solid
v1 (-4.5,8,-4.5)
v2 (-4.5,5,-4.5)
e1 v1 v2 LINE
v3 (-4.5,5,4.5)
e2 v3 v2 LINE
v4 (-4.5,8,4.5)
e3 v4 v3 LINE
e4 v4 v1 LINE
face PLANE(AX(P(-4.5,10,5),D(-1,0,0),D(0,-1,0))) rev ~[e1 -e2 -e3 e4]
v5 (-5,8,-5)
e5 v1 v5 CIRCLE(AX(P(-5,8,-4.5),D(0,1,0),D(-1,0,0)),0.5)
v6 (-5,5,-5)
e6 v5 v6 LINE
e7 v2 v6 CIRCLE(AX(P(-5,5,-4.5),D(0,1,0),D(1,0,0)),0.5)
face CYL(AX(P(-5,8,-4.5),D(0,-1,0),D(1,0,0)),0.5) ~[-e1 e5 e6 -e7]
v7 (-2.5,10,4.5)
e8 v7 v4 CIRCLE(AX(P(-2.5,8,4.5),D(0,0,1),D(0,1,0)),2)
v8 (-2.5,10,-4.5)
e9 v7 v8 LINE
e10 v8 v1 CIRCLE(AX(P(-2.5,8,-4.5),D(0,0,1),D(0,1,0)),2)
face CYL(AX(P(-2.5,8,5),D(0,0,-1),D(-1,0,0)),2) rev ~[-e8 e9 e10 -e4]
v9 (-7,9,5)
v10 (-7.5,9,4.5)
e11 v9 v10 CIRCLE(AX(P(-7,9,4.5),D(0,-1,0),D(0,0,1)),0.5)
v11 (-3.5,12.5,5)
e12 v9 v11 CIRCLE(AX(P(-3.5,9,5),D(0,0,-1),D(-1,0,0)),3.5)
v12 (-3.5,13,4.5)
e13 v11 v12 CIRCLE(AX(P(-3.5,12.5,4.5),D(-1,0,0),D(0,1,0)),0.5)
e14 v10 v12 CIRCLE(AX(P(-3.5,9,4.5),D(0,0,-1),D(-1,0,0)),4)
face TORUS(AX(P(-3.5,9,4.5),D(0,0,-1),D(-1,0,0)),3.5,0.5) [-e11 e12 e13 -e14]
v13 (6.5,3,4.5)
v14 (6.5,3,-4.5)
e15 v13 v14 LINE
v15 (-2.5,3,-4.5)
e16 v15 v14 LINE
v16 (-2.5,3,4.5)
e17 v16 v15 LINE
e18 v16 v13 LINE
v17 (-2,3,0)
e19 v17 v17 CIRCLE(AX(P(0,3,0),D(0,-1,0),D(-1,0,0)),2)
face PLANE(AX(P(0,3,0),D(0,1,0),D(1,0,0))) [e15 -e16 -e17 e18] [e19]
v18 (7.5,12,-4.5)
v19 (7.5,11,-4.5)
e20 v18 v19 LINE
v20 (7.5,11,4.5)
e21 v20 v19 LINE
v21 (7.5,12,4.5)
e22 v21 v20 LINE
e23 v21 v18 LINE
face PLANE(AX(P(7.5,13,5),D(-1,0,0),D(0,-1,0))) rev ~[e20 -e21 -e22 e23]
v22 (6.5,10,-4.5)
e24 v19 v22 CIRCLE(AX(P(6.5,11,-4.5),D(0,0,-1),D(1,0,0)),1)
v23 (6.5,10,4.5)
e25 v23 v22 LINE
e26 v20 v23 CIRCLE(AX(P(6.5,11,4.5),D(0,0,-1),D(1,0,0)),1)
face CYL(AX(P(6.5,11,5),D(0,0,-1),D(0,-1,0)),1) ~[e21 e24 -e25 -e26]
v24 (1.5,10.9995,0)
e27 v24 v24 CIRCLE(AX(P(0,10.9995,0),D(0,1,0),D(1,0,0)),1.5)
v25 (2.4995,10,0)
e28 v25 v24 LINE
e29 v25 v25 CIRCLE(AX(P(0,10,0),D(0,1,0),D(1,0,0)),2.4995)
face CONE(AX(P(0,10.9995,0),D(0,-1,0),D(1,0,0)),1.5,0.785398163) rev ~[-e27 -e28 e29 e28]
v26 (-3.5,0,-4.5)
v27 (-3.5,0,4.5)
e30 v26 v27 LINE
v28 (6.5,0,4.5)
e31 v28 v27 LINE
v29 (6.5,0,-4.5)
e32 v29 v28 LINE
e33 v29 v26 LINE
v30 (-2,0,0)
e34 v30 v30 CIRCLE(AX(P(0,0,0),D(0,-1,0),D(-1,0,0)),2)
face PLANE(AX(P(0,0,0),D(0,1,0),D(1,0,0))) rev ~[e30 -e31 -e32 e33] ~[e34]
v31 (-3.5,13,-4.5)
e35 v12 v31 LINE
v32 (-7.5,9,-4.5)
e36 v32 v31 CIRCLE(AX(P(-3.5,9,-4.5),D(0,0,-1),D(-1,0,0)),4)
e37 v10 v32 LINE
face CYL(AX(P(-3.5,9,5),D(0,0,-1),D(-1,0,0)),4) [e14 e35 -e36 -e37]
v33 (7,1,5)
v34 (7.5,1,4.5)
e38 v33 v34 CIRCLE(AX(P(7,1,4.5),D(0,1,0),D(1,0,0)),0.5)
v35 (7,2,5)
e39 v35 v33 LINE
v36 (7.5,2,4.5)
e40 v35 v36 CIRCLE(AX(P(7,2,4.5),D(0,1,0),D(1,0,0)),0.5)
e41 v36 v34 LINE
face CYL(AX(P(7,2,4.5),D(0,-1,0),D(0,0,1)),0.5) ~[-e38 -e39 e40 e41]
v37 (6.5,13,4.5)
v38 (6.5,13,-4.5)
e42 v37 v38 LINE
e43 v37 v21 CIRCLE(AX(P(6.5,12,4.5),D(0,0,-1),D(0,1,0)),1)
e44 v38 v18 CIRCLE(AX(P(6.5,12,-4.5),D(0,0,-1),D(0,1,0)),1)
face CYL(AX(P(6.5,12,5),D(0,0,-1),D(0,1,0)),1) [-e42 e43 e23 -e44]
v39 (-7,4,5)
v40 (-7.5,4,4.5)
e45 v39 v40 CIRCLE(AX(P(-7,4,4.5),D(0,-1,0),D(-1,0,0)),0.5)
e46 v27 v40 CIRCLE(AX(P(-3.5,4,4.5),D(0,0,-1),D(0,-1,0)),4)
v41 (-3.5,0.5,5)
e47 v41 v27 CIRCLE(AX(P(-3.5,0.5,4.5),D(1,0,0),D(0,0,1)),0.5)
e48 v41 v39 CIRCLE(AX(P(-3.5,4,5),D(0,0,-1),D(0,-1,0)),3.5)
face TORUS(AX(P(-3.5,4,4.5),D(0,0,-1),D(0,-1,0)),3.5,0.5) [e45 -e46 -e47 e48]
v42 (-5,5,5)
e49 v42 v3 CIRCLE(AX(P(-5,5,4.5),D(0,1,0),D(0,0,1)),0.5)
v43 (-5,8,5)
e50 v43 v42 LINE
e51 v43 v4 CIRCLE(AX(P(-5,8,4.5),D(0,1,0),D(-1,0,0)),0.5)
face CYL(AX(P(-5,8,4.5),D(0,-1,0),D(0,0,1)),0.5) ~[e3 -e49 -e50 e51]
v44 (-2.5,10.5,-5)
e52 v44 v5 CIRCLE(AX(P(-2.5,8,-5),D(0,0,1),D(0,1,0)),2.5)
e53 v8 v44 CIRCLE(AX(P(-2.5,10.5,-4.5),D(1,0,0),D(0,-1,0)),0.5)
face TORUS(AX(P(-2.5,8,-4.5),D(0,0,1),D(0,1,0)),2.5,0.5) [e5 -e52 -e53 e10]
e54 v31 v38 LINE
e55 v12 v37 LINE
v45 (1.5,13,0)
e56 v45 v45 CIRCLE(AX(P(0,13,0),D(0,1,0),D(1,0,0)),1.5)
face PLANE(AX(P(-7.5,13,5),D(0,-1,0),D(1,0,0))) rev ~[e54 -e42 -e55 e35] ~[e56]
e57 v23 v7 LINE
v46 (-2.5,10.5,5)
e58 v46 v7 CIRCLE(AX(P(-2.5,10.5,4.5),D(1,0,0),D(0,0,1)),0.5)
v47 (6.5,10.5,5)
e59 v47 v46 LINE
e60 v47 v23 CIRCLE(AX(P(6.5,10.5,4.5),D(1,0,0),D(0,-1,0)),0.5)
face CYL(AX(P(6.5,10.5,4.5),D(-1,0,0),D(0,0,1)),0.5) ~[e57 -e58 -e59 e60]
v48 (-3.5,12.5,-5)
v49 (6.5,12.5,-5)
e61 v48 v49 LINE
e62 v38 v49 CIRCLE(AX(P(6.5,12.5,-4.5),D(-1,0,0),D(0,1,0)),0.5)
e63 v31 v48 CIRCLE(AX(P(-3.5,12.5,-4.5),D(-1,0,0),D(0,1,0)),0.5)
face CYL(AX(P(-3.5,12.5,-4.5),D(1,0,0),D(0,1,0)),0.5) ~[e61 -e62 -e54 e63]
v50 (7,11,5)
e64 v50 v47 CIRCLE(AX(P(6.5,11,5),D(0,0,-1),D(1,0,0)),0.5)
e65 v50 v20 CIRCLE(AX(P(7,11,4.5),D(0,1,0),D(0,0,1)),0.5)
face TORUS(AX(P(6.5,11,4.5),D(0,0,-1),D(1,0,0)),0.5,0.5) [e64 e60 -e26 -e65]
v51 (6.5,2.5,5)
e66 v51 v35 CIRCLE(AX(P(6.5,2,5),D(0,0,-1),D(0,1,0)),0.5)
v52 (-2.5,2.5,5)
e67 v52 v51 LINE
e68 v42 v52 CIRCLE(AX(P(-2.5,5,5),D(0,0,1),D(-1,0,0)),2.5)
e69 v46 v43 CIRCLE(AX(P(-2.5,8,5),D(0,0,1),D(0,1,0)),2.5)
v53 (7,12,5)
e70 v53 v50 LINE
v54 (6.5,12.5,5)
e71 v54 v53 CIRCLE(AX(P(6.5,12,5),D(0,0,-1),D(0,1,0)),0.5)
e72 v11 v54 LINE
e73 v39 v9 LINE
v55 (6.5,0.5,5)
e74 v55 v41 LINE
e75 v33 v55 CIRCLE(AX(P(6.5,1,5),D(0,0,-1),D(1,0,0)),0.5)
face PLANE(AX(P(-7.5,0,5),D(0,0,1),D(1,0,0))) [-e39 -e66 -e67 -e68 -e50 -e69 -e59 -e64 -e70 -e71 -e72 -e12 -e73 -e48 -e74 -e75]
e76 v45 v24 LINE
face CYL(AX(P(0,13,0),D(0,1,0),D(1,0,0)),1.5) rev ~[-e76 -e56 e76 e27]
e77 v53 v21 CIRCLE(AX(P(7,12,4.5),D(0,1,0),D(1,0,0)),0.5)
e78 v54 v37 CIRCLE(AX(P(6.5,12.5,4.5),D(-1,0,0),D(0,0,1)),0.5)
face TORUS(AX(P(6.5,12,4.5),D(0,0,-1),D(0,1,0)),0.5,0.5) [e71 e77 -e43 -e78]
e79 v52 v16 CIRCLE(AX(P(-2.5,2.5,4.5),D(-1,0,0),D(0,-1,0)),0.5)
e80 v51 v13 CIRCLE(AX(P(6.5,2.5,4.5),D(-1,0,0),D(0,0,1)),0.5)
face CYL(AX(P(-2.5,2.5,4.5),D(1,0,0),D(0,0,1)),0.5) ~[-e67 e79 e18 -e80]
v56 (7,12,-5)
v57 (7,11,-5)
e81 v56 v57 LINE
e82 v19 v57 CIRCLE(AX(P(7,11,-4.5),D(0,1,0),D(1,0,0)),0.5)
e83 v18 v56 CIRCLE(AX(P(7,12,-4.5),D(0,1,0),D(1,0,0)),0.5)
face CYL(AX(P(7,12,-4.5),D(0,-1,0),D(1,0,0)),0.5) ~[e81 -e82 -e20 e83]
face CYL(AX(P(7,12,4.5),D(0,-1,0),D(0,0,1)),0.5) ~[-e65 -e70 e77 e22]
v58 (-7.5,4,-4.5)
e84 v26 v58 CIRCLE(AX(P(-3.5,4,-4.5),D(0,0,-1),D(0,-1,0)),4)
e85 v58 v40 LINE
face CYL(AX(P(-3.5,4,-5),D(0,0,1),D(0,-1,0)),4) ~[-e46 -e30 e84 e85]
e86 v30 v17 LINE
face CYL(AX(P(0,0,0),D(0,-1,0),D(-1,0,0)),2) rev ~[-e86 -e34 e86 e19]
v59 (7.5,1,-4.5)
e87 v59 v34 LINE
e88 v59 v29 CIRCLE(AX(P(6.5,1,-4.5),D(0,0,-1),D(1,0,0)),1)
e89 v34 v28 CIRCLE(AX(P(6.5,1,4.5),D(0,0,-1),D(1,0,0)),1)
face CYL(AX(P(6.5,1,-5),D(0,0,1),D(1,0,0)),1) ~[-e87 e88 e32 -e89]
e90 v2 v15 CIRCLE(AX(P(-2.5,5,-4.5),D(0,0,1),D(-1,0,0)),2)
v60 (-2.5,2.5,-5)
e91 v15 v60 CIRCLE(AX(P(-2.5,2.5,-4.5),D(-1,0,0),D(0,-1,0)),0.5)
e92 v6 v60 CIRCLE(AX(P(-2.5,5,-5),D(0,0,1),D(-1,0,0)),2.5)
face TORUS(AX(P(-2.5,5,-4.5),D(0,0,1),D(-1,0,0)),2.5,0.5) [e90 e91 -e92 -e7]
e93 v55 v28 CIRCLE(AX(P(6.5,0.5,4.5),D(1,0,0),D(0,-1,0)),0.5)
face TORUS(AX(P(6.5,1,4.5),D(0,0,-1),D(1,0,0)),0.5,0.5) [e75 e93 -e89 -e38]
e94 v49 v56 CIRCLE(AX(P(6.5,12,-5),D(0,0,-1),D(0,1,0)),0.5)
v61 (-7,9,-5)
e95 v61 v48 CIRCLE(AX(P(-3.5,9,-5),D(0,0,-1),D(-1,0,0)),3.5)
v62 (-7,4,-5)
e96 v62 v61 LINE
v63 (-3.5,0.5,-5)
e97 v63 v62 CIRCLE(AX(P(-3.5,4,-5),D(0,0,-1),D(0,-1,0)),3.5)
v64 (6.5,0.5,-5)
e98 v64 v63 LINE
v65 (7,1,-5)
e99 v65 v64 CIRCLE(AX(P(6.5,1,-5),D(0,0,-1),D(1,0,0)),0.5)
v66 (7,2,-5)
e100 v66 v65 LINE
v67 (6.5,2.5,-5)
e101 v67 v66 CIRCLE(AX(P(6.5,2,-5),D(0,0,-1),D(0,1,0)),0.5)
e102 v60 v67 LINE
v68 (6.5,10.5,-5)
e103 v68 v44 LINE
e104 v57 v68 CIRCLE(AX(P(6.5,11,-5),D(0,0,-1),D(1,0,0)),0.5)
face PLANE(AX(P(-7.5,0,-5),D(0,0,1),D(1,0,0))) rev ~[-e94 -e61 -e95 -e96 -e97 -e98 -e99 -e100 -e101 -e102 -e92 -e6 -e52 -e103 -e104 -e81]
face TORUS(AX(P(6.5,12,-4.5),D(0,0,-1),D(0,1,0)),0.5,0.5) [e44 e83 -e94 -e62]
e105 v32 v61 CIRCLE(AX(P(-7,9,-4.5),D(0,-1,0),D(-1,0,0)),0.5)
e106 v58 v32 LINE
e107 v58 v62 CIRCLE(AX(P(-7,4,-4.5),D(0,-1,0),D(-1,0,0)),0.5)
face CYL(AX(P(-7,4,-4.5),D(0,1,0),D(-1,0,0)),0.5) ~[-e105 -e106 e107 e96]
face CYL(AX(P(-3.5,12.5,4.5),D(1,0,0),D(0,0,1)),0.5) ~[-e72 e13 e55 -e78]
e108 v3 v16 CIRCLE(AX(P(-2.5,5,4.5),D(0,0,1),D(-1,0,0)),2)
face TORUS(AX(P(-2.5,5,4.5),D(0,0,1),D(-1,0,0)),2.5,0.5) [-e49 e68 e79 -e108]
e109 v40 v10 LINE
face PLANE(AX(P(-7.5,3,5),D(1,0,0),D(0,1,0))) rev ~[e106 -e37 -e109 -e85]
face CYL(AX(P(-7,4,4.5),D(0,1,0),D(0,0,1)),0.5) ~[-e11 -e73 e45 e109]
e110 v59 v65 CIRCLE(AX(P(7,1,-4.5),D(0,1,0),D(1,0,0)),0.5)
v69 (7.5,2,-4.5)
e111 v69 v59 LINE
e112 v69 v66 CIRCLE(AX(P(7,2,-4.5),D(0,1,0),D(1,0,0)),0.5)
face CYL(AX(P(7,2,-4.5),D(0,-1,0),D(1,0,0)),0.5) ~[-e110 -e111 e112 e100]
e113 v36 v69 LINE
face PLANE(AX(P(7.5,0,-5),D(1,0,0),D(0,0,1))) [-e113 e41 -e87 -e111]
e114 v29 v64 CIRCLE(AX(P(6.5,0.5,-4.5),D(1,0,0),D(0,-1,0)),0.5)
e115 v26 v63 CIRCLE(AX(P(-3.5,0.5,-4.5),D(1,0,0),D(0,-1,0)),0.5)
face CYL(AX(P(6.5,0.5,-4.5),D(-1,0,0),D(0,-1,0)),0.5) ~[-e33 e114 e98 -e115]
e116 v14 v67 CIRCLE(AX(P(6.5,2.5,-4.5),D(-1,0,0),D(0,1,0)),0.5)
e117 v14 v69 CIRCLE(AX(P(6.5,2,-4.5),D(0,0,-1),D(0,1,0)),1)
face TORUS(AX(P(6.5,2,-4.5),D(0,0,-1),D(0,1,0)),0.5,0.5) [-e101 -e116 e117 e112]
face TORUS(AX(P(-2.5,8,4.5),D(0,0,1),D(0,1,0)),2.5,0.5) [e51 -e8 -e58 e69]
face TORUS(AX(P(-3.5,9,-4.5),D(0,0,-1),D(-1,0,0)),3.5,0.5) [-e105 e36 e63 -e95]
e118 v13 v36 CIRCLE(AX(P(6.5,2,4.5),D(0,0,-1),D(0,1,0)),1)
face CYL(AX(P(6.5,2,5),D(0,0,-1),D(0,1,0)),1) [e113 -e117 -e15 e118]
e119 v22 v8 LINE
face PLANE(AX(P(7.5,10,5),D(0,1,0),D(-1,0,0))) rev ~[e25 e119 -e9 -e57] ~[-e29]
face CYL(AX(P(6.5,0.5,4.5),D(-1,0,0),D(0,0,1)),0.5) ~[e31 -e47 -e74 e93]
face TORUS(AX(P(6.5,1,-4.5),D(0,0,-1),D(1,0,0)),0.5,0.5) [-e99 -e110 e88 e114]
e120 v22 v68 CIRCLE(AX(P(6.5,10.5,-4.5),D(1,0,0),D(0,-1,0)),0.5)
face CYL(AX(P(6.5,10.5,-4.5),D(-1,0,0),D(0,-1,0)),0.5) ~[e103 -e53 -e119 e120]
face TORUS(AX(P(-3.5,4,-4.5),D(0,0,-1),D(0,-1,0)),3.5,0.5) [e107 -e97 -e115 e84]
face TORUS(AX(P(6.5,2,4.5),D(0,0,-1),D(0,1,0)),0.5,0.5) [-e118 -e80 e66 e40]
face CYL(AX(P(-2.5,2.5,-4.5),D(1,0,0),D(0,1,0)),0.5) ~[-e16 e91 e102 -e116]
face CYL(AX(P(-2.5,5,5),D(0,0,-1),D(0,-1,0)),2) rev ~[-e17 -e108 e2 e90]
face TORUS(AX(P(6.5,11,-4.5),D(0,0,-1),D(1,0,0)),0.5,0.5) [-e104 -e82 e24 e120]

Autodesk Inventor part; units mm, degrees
ref_plane "YZ Plane" through (0, 0, 0) normal (1, 0, 0) x (0, 1, 0)
ref_plane "XZ Plane" through (0, 0, 0) normal (0, 1, 0) x (-1, 0, 0)
ref_plane "XY Plane" through (0, 0, 0) normal (0, 0, 1) x (1, 0, 0)
sketch "Boceto1" plane through (0, 0, 0) normal (0, 1, 0) x (1, 0, 0)
  line L0 (-7.5, 5) -> (7.5, 5)
  line L1 (7.5, 5) -> (7.5, -5)
  line L2 (7.5, -5) -> (-7.5, -5)
  line L3 (-7.5, -5) -> (-7.5, 5)
  line L4 (-10.5, 0) -> (10.5, 0) projected
  line L5 (0, -7) -> (0, 7) projected
  dimension "d0" = 15
  dimension "d1" = 10
extrude "Extrusión1" add sketch "Boceto1" along normal blind 3
sketch "Boceto2" plane through (-7.5, 0, 5) normal (0, 0, 1) x (1, 0, 0)
  line L0 (15, 3) -> (0, 3) projected
  line L1 (0, 3) -> (0, 13)
  line L2 (0, 13) -> (15, 13)
  line L3 (15, 13) -> (15, 10)
  line L4 (15, 10) -> (3, 10)
  line L5 (3, 10) -> (3, 3)
  point P0 (7.5, 0)
  dimension "d5" = 10
  dimension "d6" = 3
  dimension "d7" = 15
  dimension "d8" = 12
extrude "Extrusión2" add sketch "Boceto2" against normal up to surface (10 mm away)
sketch "Boceto3" plane through (-7.5, 13, 5) normal (0, 1, 0) x (1, 0, 0)
  circle A0 centre (7.5, 5) radius 1.5
  dimension "d11" = 3
extrude "Extrusión3" cut sketch "Boceto3" against normal up to surface (3 mm away)
fillet "Empalme1" radius 2 2 edges at (-4.5, 10, 0) (-4.5, 3, 0)
sketch "Boceto4" plane through (0, 0, 0) normal (0, -1, 0) x (-1, 0, 0)
  circle A0 centre (0, 0) radius 2
  dimension "d15" = 4
extrude "Extrusión4" cut sketch "Boceto4" against normal up to surface (3 mm away)
fillet "Empalme2" radius 1 4 edges at (7.5, 0, 0) (7.5, 3, 0) (7.5, 13, 0) (7.5, 10, 0)
fillet "Empalme3" radius 4 2 edges at (-7.5, 13, 0) (-7.5, 0, 0)
fillet "Empalme4" radius 0.5 32 edges at (-6.3284, 1.1716, -5) (-7.5, 6.5, -5) (-6.3284, 11.8284, -5) (1.5, 13, -5) (7.2071, 12.7071, -5) (7.5, 11.5, -5) (7.2071, 10.2929, -5) (2, 10, -5) (-3.9142, 9.4142, -5) (-4.5, 6.5, -5) (-3.9142, 3.5858, -5) (2, 3, -5) (7.2071, 2.7071, -5) (7.5, 1.5, -5) (7.2071, 0.2929, -5) (1.5, 0, -5) (7.2071, 0.2929, 5) (7.5, 1.5, 5) (7.2071, 2.7071, 5) (2, 3, 5) (-3.9142, 3.5858, 5) (-4.5, 6.5, 5) (-3.9142, 9.4142, 5) (2, 10, 5) (7.2071, 10.2929, 5) (7.5, 11.5, 5) (7.2071, 12.7071, 5) (1.5, 13, 5) (-6.3284, 11.8284, 5) (-7.5, 6.5, 5) (-6.3284, 1.1716, 5) (1.5, 0, 5)
chamfer "Chaflán1" distance 1 angle 45 1 edges at (-1.5, 10, 0)
properties part number "Cable-Holder"
